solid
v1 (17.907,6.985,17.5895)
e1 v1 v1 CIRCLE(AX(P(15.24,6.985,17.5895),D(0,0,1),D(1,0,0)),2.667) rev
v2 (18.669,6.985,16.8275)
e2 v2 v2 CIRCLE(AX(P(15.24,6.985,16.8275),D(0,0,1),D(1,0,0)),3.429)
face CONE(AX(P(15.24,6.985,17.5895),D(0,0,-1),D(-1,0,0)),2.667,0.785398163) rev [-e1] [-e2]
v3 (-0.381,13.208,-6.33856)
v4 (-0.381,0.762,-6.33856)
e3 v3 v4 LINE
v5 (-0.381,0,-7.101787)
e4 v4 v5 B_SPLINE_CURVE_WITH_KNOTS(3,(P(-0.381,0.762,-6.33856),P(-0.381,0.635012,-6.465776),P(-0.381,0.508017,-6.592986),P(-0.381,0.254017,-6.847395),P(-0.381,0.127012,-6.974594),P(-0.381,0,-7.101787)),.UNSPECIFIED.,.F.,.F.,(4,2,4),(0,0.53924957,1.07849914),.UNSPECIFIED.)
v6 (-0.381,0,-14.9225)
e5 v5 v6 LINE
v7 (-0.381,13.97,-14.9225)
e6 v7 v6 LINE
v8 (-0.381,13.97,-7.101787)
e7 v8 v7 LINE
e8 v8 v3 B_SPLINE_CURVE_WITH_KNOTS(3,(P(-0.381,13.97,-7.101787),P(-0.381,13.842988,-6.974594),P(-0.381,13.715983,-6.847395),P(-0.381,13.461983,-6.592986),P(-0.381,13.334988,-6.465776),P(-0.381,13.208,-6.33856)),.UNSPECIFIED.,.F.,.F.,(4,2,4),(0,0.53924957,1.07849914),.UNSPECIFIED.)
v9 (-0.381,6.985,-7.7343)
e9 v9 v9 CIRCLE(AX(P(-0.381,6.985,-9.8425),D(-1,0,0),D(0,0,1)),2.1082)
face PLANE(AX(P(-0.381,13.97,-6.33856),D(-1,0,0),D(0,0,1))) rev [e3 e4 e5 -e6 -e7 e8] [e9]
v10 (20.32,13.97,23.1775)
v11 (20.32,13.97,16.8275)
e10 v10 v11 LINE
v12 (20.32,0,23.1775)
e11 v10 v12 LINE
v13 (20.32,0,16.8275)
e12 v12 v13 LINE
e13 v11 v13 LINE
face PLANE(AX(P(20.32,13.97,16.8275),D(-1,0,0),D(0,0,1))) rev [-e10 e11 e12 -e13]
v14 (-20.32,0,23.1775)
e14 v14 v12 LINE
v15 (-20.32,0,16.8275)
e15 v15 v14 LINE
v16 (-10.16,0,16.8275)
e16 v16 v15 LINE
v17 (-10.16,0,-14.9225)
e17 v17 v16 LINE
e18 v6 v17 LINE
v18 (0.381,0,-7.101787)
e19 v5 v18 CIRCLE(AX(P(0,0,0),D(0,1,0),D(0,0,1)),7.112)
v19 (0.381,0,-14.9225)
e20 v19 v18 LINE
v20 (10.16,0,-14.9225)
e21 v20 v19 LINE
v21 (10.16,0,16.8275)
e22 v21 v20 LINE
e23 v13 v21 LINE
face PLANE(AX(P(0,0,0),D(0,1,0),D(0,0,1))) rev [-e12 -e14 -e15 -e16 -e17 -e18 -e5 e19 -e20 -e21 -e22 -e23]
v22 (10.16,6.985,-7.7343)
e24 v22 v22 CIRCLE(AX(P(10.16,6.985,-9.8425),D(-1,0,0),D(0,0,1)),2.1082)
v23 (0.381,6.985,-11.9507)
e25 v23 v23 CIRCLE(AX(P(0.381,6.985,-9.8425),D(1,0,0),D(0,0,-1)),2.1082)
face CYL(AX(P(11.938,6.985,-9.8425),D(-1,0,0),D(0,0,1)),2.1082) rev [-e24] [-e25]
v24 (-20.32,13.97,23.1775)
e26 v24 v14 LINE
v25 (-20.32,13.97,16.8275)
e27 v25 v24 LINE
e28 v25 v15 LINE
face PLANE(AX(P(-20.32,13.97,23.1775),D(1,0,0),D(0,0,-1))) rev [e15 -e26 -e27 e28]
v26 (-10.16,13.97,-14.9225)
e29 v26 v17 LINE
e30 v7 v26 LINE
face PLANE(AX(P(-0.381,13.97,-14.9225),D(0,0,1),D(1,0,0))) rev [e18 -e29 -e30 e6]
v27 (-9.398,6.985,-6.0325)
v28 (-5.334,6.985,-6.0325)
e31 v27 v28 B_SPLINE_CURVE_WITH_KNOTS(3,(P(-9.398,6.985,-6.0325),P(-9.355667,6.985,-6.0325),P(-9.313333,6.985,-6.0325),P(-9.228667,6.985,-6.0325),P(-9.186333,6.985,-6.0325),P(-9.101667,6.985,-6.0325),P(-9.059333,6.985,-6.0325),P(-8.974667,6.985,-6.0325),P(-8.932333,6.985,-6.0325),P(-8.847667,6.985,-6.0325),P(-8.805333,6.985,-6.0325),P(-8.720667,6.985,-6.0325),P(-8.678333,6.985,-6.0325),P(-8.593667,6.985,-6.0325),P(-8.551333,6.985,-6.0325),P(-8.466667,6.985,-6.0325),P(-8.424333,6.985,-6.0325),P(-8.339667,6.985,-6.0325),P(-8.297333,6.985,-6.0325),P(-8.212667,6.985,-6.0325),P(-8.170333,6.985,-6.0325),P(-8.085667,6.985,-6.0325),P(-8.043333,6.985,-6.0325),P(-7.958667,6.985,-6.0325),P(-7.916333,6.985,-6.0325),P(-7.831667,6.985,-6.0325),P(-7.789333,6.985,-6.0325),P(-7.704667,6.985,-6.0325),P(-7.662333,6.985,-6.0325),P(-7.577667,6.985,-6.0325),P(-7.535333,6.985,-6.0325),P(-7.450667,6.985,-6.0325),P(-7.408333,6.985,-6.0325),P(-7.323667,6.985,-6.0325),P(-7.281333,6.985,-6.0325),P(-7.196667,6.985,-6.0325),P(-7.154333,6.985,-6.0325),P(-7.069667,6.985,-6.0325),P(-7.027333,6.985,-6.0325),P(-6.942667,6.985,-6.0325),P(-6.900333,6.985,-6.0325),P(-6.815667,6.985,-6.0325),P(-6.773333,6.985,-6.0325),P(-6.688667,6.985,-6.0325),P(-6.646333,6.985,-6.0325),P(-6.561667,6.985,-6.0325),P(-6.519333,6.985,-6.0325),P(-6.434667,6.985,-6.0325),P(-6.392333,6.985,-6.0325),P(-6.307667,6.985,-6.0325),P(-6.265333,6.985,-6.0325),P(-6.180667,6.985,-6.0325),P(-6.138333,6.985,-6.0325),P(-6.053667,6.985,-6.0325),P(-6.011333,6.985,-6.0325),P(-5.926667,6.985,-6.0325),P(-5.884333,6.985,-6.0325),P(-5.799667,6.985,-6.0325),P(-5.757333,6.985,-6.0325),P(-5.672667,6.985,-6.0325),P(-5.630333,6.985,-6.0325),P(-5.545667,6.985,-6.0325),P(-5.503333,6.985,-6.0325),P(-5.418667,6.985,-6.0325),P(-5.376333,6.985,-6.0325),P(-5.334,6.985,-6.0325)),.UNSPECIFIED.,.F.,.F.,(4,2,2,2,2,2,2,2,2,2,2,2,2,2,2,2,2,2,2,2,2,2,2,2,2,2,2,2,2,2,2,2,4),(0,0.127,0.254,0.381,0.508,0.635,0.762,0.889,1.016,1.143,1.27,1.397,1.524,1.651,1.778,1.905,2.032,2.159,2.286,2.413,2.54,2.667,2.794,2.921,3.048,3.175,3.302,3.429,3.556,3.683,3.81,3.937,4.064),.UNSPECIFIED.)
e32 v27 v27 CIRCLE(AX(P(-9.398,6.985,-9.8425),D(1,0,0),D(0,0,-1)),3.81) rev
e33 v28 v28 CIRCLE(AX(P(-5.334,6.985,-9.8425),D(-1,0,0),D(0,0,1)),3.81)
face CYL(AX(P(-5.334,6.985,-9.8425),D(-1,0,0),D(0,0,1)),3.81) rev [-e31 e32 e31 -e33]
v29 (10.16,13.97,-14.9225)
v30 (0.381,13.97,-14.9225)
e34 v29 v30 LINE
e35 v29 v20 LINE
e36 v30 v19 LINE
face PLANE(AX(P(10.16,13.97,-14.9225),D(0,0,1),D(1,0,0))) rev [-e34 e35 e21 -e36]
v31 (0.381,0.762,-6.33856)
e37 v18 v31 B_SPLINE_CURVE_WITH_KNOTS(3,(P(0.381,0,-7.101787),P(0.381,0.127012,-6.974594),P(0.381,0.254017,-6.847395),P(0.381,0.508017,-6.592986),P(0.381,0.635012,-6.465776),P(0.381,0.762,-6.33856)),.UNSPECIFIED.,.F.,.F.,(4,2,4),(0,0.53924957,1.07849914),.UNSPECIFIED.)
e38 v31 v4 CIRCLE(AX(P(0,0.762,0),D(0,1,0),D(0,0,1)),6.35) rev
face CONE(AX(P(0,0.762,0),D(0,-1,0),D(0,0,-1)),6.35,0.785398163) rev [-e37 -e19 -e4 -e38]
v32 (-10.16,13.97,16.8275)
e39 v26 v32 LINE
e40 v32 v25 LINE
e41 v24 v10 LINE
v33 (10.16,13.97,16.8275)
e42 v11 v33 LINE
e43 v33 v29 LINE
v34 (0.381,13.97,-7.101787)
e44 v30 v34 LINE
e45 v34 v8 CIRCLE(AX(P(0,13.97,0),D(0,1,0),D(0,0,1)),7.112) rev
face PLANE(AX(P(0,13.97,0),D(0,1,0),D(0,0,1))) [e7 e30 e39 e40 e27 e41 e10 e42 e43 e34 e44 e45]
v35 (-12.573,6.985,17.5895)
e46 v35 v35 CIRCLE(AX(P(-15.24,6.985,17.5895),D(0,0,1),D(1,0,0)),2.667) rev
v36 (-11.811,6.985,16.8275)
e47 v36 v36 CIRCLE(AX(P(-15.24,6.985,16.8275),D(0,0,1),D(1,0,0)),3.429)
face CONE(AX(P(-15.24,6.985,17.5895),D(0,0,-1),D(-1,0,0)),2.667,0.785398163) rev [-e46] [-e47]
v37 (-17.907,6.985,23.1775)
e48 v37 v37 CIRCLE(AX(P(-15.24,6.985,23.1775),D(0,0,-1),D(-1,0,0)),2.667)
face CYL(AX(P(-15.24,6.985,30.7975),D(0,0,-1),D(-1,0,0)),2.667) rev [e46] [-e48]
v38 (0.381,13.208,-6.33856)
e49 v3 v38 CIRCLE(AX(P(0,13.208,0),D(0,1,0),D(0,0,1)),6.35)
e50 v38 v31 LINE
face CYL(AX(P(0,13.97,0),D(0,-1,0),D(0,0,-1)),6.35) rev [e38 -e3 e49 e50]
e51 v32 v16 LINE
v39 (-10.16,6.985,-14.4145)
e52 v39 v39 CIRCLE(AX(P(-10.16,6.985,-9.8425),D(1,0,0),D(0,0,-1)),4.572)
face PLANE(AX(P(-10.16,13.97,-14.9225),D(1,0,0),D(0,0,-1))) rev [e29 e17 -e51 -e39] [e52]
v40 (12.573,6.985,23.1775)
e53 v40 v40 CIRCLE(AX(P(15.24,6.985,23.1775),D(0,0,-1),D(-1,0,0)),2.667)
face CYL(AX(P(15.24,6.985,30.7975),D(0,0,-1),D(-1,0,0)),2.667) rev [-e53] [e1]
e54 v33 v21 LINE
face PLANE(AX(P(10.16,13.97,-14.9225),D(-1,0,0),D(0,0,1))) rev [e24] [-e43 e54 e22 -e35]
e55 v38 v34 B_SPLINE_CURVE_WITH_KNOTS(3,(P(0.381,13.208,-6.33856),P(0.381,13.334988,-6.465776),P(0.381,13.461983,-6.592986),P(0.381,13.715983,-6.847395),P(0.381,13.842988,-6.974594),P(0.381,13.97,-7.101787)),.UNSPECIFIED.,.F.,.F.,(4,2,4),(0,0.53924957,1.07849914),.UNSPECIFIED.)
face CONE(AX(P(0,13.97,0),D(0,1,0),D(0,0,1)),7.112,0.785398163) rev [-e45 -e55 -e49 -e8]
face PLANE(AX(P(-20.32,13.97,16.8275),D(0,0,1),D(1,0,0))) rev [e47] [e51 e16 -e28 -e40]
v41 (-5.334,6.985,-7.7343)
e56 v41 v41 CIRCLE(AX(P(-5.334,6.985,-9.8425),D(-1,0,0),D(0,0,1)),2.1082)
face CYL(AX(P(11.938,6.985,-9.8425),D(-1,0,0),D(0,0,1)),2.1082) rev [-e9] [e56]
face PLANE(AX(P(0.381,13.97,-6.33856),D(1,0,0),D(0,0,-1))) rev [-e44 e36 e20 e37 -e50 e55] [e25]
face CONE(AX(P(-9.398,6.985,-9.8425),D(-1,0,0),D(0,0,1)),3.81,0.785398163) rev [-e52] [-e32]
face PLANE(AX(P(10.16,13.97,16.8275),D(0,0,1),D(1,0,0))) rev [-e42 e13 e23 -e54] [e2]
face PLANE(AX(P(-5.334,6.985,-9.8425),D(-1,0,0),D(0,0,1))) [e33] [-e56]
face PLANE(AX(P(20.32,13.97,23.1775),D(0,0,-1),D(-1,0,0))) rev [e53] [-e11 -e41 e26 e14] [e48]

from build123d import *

# Parameters (mm, degrees)
BOSS_EXTRUDE1_DEPTH = 13.97
SKETCH2_R           = 2.667
CUT_EXTRUDE1_DEPTH  = 13.97
SKETCH3_R           = 3.81
CUT_EXTRUDE2_DEPTH  = 4.826
SKETCH4_R           = 2.1082
CUT_EXTRUDE3_DEPTH  = 17.272
CHAMFER1_SIZE       = 0.762


with BuildPart() as part:
    # Sketch1 → Boss-Extrude1 (new body)
    with BuildSketch(Plane(origin=(0, 0, 0), x_dir=(1, 0, 0), z_dir=(0, 1, 0))):
        with BuildLine():
            Line((10.16, 14.9225), (0.381, 14.9225))
            Line((0.381, 14.9225), (0.381, 6.338559694))
            ThreePointArc((0.381, 6.338559694), (0, -6.35), (-0.381, 6.338559694))
            Line((-0.381, 6.338559694), (-0.381, 14.9225))
            Line((-0.381, 14.9225), (-10.16, 14.9225))
            Line((-10.16, 14.9225), (-10.16, -16.8275))
            Line((-10.16, -16.8275), (-20.32, -16.8275))
            Line((-20.32, -16.8275), (-20.32, -23.1775))
            Line((-20.32, -23.1775), (20.32, -23.1775))
            Line((20.32, -23.1775), (20.32, -16.8275))
            Line((20.32, -16.8275), (10.16, -16.8275))
            Line((10.16, -16.8275), (10.16, 14.9225))
        make_face()
    extrude(amount=BOSS_EXTRUDE1_DEPTH)

    # Sketch2 → Cut-Extrude1 (cut)
    with BuildSketch(Plane(origin=(0, 0, 16.8275), x_dir=(-1, 0, 0), z_dir=(0, 0, -1))):
        with Locations((-15.24, 6.985)):
            Circle(SKETCH2_R)
        with Locations((15.24, 6.985)):
            Circle(SKETCH2_R)
    extrude(amount=-CUT_EXTRUDE1_DEPTH, mode=Mode.SUBTRACT)

    # Sketch3 → Cut-Extrude2 (cut)
    with BuildSketch(Plane.ZY.offset(10.16)):
        with Locations((-9.8425, 6.985)):
            Circle(SKETCH3_R)
    extrude(amount=-CUT_EXTRUDE2_DEPTH, mode=Mode.SUBTRACT)

    # Sketch4 → Cut-Extrude3 (cut)
    with BuildSketch(Plane.ZY.offset(5.334)):
        with Locations((-9.8425, 6.985)):
            Circle(SKETCH4_R)
    extrude(amount=-CUT_EXTRUDE3_DEPTH, mode=Mode.SUBTRACT)

    # Chamfer1
    chamfer1_edges = [part.edges().sort_by_distance(p)[0] for p in [
        (0, 0, 6.35),
        (0, 13.97, 6.35),
        (17.907, 6.985, 16.8275),
        (-12.573, 6.985, 16.8275),
        (-10.16, 6.985, -13.6525),
    ]]
    chamfer(chamfer1_edges, length=CHAMFER1_SIZE)


solid = part.part
